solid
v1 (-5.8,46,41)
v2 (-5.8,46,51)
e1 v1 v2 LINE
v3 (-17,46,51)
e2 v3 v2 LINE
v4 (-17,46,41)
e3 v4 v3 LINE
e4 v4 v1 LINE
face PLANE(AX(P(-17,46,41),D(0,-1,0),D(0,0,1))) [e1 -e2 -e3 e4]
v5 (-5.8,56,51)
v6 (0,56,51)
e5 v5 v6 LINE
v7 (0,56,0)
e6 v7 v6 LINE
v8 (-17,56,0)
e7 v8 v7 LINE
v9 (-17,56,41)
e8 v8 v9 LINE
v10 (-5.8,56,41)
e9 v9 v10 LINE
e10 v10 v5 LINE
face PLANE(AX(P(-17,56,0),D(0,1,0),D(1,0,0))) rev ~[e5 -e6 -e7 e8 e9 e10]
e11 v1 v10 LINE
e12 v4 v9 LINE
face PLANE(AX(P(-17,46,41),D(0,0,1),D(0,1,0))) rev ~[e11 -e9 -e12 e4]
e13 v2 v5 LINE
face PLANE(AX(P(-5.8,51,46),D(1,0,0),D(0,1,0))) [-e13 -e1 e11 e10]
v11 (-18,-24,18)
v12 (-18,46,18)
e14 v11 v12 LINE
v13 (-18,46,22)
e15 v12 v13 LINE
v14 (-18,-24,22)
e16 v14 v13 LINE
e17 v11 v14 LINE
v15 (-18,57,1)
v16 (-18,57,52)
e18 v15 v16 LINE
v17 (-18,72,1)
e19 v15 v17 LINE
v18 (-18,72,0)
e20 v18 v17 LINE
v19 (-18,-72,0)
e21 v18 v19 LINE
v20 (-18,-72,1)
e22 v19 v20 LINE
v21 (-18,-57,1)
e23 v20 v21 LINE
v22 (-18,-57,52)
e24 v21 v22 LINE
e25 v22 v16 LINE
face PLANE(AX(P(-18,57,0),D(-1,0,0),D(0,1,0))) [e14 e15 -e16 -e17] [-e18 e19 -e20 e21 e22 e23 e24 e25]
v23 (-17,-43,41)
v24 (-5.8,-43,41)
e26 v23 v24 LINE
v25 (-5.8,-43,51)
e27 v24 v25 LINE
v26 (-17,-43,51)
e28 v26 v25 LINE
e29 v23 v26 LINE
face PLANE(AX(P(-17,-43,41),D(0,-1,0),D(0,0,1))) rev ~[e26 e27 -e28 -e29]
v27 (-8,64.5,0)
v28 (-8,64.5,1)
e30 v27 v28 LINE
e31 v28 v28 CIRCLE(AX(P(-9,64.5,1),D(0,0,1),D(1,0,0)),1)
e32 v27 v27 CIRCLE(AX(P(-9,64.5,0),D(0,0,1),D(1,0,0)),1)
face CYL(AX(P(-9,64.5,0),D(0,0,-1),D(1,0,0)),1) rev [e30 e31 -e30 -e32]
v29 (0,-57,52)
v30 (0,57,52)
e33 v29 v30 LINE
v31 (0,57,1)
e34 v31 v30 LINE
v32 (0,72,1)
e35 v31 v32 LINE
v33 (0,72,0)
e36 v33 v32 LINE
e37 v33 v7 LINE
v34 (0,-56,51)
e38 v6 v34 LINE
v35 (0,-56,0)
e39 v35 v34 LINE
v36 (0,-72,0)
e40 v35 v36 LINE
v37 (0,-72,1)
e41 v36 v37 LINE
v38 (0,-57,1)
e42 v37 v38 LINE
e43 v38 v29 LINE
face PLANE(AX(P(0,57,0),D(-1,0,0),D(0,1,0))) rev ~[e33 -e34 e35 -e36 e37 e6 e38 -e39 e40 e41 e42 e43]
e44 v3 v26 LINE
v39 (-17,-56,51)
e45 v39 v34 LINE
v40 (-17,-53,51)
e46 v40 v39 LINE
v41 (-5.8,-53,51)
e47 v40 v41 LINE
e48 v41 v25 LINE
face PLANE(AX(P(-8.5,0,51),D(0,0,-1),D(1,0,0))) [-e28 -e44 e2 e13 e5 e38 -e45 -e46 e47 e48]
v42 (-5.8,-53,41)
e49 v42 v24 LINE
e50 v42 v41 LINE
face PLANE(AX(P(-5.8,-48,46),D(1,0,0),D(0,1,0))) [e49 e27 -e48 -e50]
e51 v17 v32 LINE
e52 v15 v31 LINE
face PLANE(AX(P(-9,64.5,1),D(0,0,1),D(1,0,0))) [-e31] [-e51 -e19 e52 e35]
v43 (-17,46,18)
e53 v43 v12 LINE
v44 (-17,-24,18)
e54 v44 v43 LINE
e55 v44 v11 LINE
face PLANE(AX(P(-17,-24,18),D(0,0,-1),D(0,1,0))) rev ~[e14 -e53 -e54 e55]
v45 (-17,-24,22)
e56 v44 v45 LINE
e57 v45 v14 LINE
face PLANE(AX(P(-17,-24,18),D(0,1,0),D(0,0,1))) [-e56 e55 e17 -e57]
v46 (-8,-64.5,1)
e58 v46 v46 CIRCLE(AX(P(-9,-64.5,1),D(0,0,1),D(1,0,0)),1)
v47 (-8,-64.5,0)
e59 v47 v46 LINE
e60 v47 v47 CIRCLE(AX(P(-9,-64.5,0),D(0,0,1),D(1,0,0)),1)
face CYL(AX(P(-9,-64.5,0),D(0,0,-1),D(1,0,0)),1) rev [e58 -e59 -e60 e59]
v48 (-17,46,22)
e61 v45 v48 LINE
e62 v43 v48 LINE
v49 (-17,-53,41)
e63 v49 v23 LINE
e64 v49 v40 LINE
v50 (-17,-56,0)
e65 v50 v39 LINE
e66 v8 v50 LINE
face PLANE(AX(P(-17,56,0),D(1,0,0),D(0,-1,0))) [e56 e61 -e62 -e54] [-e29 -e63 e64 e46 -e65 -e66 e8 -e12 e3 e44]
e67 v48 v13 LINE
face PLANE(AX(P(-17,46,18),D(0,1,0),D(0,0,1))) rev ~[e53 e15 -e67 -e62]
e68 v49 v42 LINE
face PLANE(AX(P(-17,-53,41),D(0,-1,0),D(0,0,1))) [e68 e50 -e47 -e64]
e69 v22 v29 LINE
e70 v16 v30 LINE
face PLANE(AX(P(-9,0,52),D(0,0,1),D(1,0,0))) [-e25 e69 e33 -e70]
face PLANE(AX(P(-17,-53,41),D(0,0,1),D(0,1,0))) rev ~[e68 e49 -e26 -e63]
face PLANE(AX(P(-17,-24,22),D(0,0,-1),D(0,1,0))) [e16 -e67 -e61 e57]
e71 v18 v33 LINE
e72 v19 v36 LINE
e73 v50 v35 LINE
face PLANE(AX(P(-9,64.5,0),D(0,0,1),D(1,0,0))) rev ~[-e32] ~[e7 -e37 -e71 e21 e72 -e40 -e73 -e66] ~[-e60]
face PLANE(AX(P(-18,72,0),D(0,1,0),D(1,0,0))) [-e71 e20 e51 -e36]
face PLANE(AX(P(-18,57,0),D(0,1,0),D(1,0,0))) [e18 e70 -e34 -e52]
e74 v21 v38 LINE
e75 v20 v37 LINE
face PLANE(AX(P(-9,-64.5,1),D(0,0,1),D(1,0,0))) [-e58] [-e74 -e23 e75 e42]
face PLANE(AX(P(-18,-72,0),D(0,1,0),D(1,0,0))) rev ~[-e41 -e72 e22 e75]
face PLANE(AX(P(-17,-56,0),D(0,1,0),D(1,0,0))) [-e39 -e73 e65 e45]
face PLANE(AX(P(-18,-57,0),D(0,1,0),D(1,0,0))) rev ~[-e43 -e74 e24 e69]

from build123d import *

# Parameters (mm, degrees)
F0_W     = 18
F0_H     = 114
F1_DEPTH = 52
F2_W     = 17
F2_H     = 112
F3_DEPTH = 51
F4_W     = 18
F4_H     = 15
F4_R     = 1
F5_DEPTH = 1
F6_W     = 70
F6_H     = 4
F7_DEPTH = 1
F8_W     = 10
F8_H     = 10
F9_DEPTH = 11.2


with BuildPart() as f1:
    # F0 (on Top) → F1 (new body)
    with BuildSketch(Plane.XY):
        with Locations((-9, 0)):
            Rectangle(F0_W, F0_H)
    extrude(amount=F1_DEPTH)

    # F2 (on face) → F3 (cut)
    with BuildSketch(Plane(origin=(0, 0, 0), x_dir=(1, 0, 0), z_dir=(0, 0, -1))):
        with Locations((-8.5, 0)):
            Rectangle(F2_W, F2_H)
    extrude(amount=-F3_DEPTH, mode=Mode.SUBTRACT)

    # F4 (on Top) → F5 (join)
    with BuildSketch(Plane.XY):
        with Locations((-9, 64.5)):
            Rectangle(F4_W, F4_H)
        with Locations((-9, 64.5)):
            Circle(F4_R, mode=Mode.SUBTRACT)
        with Locations((-9, -64.5)):
            Rectangle(F4_W, F4_H)
        with Locations((-9, -64.5)):
            Circle(F4_R, mode=Mode.SUBTRACT)
    extrude(amount=F5_DEPTH)

    # F6 (on face) → F7 (cut)
    with BuildSketch(Plane.YZ.offset(-17)):
        with Locations((11, 20)):
            Rectangle(F6_W, F6_H)
    extrude(amount=-F7_DEPTH, mode=Mode.SUBTRACT)

    # F8 (on face) → F9 (join)
    with BuildSketch(Plane.YZ.offset(-17)):
        with Locations((-48, 46)):
            Rectangle(F8_W, F8_H)
        with Locations((51, 46)):
            Rectangle(F8_W, F8_H)
    extrude(amount=F9_DEPTH)


solid = f1.part
